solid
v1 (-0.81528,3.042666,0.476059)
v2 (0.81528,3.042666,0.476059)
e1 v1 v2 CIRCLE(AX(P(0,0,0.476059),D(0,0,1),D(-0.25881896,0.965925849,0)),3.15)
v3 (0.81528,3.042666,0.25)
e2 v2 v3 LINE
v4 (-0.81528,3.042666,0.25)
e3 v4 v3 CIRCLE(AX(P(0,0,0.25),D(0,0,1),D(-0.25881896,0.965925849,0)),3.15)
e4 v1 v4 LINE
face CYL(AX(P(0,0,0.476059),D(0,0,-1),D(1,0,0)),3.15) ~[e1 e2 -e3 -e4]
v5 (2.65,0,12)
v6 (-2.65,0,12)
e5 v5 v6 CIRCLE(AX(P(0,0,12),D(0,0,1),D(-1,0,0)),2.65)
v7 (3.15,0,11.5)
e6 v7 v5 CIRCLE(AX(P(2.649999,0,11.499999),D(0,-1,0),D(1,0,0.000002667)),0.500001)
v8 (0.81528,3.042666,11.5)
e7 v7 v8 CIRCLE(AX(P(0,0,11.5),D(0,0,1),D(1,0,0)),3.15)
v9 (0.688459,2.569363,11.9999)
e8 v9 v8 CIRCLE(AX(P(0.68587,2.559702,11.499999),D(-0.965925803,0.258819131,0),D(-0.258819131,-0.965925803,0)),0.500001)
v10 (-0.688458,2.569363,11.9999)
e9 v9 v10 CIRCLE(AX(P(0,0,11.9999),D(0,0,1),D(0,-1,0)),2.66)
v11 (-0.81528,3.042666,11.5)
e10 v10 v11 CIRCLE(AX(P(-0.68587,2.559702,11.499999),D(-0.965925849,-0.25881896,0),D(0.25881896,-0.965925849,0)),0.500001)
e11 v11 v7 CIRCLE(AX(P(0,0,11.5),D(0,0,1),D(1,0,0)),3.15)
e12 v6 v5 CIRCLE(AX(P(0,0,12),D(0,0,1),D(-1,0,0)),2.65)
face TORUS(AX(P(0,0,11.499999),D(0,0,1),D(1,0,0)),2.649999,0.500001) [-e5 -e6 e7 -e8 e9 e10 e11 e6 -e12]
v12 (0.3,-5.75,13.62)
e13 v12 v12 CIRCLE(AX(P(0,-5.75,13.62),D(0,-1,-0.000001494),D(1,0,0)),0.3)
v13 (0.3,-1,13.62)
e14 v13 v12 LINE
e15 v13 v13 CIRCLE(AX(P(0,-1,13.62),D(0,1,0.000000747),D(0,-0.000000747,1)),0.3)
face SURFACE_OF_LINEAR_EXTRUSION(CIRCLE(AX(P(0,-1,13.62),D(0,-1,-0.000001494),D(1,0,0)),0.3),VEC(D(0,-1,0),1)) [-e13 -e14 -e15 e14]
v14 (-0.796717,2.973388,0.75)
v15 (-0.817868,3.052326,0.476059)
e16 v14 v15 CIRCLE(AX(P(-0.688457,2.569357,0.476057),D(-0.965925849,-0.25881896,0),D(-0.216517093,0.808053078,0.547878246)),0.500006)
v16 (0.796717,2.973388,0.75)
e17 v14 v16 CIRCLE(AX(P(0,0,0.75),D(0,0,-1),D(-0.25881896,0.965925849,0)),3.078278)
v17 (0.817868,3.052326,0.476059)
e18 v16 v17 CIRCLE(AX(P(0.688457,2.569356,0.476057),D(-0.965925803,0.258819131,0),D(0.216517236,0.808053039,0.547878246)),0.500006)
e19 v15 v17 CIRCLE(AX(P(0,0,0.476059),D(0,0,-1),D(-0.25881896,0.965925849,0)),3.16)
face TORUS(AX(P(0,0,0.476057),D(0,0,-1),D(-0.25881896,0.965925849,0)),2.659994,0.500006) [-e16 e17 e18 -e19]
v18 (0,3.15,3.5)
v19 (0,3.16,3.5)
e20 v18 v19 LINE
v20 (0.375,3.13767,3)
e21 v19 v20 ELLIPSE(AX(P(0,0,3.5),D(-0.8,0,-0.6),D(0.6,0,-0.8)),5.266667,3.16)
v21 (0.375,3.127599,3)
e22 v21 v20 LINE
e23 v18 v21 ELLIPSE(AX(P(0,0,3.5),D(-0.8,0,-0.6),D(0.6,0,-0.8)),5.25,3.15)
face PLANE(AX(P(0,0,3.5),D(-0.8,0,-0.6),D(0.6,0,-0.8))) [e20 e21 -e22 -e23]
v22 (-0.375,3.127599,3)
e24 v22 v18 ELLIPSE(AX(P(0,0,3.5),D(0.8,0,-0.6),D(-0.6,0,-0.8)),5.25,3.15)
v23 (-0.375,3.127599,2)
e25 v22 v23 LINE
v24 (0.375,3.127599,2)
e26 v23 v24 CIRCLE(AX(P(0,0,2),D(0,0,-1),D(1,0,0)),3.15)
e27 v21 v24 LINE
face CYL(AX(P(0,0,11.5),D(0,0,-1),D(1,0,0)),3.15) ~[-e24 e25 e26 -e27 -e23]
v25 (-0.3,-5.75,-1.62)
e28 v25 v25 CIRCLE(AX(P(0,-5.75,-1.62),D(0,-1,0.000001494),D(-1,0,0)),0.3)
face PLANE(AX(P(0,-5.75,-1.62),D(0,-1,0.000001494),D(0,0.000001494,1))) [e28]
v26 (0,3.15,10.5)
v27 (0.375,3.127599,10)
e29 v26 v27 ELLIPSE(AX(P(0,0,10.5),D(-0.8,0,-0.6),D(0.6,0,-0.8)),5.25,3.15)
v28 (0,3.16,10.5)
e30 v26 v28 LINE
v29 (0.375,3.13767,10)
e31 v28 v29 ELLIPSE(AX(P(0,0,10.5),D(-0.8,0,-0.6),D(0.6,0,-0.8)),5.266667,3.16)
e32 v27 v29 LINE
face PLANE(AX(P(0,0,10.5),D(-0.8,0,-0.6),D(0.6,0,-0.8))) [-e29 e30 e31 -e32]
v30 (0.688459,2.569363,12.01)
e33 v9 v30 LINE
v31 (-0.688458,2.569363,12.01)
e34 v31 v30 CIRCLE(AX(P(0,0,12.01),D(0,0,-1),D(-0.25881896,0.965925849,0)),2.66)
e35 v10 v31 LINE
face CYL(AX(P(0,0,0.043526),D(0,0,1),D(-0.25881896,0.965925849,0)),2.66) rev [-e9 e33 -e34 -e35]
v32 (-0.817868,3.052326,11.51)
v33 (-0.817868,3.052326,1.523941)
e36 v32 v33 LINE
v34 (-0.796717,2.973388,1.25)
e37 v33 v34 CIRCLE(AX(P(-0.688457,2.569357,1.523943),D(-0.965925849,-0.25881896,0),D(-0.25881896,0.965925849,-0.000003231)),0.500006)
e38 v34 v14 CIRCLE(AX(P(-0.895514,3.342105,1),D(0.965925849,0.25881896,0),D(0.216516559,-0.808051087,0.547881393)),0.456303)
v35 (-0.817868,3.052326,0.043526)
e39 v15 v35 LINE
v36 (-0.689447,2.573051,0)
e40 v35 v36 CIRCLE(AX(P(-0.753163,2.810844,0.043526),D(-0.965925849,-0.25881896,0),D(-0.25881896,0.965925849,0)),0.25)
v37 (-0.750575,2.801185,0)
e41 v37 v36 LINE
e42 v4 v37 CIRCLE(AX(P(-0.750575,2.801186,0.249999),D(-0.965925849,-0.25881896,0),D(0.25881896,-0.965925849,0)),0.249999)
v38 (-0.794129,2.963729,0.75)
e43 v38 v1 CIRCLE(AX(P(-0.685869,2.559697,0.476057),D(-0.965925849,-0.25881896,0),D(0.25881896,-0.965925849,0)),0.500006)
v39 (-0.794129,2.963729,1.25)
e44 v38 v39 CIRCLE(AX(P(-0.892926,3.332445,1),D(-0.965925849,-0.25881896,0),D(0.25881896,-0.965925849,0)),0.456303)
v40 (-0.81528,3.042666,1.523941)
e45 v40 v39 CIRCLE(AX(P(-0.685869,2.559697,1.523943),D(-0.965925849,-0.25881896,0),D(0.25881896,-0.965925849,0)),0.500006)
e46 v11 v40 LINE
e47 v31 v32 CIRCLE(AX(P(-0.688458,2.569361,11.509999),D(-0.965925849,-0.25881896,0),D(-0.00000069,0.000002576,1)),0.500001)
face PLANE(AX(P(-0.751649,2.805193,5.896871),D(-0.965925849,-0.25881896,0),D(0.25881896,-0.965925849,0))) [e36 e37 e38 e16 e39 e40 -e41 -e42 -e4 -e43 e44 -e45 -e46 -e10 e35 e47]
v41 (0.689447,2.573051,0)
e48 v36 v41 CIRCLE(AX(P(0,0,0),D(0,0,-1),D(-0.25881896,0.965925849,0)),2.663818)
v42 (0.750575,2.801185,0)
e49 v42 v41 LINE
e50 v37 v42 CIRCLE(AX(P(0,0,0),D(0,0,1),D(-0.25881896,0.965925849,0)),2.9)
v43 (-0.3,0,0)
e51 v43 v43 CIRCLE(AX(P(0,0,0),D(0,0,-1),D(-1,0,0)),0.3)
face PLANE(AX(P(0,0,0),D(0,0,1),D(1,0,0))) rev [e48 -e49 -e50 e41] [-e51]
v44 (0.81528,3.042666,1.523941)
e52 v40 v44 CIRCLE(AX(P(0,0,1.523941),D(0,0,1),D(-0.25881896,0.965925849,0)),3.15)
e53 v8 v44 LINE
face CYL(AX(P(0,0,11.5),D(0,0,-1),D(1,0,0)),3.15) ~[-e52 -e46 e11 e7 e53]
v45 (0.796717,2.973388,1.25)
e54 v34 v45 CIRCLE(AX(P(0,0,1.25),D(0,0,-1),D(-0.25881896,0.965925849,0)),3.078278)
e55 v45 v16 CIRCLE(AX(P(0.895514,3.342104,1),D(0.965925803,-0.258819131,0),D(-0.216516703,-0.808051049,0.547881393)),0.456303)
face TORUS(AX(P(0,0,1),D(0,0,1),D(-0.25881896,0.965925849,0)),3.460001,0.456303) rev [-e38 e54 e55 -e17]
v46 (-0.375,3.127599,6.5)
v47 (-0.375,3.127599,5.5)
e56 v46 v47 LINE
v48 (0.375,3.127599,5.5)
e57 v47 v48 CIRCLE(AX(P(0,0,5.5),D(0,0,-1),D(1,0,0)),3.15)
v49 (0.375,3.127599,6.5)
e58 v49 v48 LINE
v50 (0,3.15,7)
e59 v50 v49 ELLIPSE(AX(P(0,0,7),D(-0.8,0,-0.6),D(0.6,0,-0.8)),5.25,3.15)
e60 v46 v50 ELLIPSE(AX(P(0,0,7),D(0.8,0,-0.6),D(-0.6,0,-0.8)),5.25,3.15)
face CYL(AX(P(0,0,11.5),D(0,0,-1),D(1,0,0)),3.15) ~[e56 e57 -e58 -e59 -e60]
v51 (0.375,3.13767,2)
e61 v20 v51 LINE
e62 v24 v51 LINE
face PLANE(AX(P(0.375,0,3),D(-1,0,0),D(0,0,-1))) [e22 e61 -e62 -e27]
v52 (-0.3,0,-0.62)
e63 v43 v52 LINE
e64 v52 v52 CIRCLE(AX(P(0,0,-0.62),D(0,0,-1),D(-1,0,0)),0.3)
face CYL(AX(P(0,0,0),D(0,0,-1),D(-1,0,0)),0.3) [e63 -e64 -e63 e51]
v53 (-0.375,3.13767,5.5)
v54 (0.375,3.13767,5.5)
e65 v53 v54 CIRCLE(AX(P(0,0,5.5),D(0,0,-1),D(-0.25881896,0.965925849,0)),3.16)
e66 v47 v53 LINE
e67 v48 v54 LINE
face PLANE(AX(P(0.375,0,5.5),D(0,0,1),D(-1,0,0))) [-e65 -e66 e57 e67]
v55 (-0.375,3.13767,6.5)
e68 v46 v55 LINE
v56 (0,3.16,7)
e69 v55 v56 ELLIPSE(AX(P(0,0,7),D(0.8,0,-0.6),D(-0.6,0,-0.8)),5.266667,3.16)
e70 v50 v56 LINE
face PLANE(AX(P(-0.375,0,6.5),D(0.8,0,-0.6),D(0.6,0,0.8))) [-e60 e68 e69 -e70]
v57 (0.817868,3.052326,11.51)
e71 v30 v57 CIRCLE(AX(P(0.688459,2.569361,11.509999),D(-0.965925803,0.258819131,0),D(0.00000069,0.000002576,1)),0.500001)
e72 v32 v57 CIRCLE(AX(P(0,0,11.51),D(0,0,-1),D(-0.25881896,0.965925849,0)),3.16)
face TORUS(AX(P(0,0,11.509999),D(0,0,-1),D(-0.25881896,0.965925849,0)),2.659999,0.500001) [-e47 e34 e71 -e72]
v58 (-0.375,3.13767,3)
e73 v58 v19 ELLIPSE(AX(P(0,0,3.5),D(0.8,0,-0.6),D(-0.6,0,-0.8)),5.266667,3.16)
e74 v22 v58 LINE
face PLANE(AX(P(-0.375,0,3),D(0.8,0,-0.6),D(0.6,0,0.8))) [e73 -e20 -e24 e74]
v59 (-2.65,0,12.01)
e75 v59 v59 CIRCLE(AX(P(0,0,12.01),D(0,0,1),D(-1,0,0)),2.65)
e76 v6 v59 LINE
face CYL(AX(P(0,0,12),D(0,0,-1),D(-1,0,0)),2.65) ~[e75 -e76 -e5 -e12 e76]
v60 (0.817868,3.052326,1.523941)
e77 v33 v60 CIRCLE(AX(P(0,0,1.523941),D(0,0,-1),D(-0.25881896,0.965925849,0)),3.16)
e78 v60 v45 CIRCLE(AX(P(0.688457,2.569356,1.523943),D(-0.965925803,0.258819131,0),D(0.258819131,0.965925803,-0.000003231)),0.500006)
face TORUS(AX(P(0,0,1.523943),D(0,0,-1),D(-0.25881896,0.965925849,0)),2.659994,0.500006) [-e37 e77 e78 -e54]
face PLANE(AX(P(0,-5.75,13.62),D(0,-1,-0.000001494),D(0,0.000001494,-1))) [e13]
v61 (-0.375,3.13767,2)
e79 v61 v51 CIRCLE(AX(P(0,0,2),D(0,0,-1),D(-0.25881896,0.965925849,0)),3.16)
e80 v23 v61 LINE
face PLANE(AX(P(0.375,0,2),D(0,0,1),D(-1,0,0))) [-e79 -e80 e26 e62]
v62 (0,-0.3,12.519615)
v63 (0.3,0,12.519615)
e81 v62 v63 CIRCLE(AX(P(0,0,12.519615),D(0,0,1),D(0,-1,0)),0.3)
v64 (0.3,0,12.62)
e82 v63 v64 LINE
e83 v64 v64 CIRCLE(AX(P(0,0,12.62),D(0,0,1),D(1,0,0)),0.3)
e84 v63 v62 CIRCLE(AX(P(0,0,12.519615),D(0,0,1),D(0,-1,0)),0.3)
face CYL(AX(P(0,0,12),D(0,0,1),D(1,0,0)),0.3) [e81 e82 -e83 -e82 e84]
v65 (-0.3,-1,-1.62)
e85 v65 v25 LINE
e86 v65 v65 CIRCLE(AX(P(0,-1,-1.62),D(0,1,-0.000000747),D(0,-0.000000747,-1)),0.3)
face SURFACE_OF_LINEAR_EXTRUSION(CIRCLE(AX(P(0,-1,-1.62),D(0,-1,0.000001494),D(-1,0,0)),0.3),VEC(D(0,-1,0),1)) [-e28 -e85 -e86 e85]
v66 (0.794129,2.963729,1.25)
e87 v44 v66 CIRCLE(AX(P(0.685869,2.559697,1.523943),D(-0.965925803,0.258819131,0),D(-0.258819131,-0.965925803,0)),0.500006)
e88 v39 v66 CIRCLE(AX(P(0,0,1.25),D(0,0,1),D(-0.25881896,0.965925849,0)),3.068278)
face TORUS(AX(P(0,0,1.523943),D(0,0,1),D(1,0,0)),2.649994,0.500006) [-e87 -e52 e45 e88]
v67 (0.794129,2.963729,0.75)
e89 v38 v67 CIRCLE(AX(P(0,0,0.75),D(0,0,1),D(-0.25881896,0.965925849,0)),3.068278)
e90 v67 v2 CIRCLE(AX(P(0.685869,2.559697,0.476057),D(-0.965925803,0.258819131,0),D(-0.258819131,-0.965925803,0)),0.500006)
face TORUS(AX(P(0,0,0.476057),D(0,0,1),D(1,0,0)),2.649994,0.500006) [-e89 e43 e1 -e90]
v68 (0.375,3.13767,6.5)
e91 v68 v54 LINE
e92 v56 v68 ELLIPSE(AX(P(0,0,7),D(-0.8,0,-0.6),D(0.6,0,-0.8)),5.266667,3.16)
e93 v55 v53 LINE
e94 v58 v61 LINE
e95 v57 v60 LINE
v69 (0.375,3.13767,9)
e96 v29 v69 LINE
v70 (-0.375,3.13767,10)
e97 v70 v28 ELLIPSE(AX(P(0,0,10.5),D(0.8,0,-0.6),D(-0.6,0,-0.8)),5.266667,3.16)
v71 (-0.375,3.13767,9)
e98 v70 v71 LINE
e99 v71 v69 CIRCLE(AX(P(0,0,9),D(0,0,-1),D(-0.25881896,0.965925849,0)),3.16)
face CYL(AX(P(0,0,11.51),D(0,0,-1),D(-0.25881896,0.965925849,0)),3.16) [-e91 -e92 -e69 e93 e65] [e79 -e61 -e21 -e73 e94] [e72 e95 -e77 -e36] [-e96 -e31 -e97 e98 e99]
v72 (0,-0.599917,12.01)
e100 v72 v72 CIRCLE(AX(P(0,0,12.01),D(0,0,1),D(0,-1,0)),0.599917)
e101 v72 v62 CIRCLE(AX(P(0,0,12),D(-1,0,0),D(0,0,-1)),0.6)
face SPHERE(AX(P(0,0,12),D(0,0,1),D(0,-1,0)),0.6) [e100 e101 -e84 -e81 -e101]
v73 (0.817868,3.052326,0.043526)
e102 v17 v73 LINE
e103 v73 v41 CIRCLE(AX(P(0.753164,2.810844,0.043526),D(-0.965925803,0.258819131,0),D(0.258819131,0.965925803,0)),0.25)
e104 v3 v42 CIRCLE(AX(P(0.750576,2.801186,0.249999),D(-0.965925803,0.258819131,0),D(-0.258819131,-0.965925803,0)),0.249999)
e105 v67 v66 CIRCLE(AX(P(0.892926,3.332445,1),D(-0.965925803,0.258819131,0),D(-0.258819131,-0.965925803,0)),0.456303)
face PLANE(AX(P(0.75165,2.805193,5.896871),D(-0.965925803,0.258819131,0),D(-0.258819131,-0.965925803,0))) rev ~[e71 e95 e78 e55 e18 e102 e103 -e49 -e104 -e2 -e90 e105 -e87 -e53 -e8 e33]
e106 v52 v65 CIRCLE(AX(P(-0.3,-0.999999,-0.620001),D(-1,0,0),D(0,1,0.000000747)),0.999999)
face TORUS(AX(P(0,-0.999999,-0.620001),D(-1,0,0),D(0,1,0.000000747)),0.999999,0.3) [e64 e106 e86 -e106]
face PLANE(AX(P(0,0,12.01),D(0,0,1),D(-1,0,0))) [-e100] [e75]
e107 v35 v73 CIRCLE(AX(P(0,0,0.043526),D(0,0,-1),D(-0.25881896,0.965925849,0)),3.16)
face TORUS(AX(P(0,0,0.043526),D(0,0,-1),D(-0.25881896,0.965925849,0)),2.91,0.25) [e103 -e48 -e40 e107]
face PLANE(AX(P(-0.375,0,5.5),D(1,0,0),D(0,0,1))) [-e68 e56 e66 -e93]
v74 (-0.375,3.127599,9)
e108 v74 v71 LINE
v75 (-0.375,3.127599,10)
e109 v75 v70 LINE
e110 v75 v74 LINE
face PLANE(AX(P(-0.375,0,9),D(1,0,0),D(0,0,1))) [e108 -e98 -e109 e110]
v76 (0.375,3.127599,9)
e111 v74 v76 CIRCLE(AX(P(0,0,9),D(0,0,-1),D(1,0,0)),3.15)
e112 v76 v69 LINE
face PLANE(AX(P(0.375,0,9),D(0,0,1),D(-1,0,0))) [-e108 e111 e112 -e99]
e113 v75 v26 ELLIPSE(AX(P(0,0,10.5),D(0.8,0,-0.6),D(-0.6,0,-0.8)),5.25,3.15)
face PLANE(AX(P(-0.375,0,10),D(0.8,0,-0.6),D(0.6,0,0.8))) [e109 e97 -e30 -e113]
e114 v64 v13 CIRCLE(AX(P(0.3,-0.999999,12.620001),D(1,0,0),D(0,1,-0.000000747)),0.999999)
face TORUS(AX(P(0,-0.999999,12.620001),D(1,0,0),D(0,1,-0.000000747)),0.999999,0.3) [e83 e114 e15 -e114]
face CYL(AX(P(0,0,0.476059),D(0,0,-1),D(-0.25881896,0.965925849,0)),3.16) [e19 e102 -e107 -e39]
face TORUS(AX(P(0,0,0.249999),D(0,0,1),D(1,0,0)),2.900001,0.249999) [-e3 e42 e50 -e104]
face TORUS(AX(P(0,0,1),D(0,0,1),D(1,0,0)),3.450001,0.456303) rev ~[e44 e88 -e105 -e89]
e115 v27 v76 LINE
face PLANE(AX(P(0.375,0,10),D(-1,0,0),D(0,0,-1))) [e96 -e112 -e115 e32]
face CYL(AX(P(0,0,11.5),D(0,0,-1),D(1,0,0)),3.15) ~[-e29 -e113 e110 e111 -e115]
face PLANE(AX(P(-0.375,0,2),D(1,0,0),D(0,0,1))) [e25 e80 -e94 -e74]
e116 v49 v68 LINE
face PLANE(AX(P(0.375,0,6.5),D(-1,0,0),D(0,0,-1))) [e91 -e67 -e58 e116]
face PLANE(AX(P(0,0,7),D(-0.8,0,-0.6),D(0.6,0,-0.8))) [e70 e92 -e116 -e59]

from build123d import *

# Parameters (mm, degrees)
SKETCH011_R             = 0.3
BODY007_PLACEMENT_ANGLE = 180
REVOLUTION001_ANGLE     = -30
POCKET_DEPTH            = 3.161
LINEARPATTERN_COUNT     = 3
LINEARPATTERN_PITCH     = 3.5
SKETCH012_R             = 2.65
PAD_DEPTH               = 0.01
BODY008_PLACEMENT_ANGLE = 90


with BuildPart() as lead:
    # AdditivePipe: sweep along a path in Sketch010
    with BuildLine(Plane(origin=(0, 0, 0), x_dir=(0, -1, 0), z_dir=(-1, 0, 0))) as additivepipe_path:
        Line((0, 12), (0, 12.62))
        ThreePointArc((0, 12.62), (0.292893, 13.327107), (1, 13.62))
        Line((1, 13.62), (5.75, 13.62))
    # Sketch011 → AdditivePipe (sweep)
    with BuildSketch(Plane.XY.offset(12)):
        Circle(SKETCH011_R)
    sweep(path=additivepipe_path.line)


with BuildPart() as leadclone:
    # Body007 base: copy of Lead
    add(lead.part)


with BuildPart() as leadclone_1:
    # Body007 placement: moved
    add(leadclone.part.moved(Location((0, 0, 12))).rotate(Axis((0, 0, 12), (0, 1, 0)), BODY007_PLACEMENT_ANGLE))


with BuildPart() as polaritymarking:
    # Sketch005 → Revolution001 (revolve)
    with BuildSketch(Plane(origin=(0, 0, 0), x_dir=(-0.258819, 0.965926, 0), z_dir=(0.965926, 0.258819, 0))):
        with BuildLine():
            Line((2.66, 0.043526), (2.66, 12.01))
            ThreePointArc((2.66, 12.01), (3.013553, 11.863553), (3.16, 11.51))
            Line((3.16, 11.51), (3.16, 1.523941))
            ThreePointArc((3.16, 1.523941), (3.139134, 1.381006), (3.078278, 1.25))
            ThreePointArc((3.078278, 1.25), (3.003698, 1), (3.078278, 0.75))
            ThreePointArc((3.078278, 0.75), (3.139134, 0.618994), (3.16, 0.476059))
            Line((3.16, 0.476059), (3.16, 0.043526))
            ThreePointArc((3.16, 0.043526), (2.91, -0.206474), (2.66, 0.043526))
        make_face()
    revolve(axis=Axis((0, 0, 0), (0, 0, 1)), revolution_arc=REVOLUTION001_ANGLE)

    # Sketch013 → Pocket (cut, through all)
    with BuildSketch(Plane.XZ):
        Polygon((0.375, 2), (-0.375, 2), (-0.375, 3), (0, 3.5), (0.375, 3), align=None)
    pocket = extrude(amount=-POCKET_DEPTH, mode=Mode.SUBTRACT)

    # LinearPattern: Pocket ×3
    with Locations(*[(0, 0, i * LINEARPATTERN_PITCH) for i in range(1, LINEARPATTERN_COUNT)]):
        add(pocket, mode=Mode.SUBTRACT)


with BuildPart() as housing:
    # Sketch → Revolution (revolve)
    with BuildSketch(Plane.XZ):
        with BuildLine():
            Line((0, 12), (2.65, 12))
            ThreePointArc((3.15, 11.5), (3.003553, 11.853553), (2.65, 12))
            Line((3.15, 11.5), (3.15, 1.523941))
            ThreePointArc((3.068278, 1.25), (3.129134, 1.381006), (3.15, 1.523941))
            ThreePointArc((3.068278, 1.25), (2.993698, 1), (3.068278, 0.75))
            ThreePointArc((3.15, 0.476059), (3.129134, 0.618994), (3.068278, 0.75))
            Line((3.15, 0.476059), (3.15, 0.25))
            ThreePointArc((2.9, 0), (3.076777, 0.073223), (3.15, 0.25))
            Line((0, 0), (2.9, 0))
            Line((0, 12), (0, 0))
        make_face()
    revolve(axis=Axis((0, 0, 0), (0, 0, 1)))


with BuildPart() as fusion:
    # Sphere → Sphere (revolve)
    with BuildSketch(Plane.XZ):
        with BuildLine():
            ThreePointArc((0, -0.6), (0.6, 0), (0, 0.6))
            Line((0, 0.6), (0, -0.6))
        make_face()
    revolve(axis=Axis((0, 0, 0), (0, 0, 1)))

    # Sketch012 (on ShapeBinder) → Pad (new body)
    with BuildSketch(Plane(origin=(0, 0, 0), x_dir=(0, -1, 0), z_dir=(0, 0, 1))):
        Circle(SKETCH012_R)
    extrude(amount=PAD_DEPTH)


with BuildPart() as fusion_1:
    # Body008 placement: moved
    add(fusion.part.moved(Location((0, 0, 12))).rotate(Axis((0, 0, 12), (0, 0, -1)), BODY008_PLACEMENT_ANGLE))

    # Fusion: union LeadClone, Lead, PolarityMarking, Housing
    add(leadclone_1.part)
    add(lead.part)
    add(polaritymarking.part)
    add(housing.part)


solid = fusion_1.part
